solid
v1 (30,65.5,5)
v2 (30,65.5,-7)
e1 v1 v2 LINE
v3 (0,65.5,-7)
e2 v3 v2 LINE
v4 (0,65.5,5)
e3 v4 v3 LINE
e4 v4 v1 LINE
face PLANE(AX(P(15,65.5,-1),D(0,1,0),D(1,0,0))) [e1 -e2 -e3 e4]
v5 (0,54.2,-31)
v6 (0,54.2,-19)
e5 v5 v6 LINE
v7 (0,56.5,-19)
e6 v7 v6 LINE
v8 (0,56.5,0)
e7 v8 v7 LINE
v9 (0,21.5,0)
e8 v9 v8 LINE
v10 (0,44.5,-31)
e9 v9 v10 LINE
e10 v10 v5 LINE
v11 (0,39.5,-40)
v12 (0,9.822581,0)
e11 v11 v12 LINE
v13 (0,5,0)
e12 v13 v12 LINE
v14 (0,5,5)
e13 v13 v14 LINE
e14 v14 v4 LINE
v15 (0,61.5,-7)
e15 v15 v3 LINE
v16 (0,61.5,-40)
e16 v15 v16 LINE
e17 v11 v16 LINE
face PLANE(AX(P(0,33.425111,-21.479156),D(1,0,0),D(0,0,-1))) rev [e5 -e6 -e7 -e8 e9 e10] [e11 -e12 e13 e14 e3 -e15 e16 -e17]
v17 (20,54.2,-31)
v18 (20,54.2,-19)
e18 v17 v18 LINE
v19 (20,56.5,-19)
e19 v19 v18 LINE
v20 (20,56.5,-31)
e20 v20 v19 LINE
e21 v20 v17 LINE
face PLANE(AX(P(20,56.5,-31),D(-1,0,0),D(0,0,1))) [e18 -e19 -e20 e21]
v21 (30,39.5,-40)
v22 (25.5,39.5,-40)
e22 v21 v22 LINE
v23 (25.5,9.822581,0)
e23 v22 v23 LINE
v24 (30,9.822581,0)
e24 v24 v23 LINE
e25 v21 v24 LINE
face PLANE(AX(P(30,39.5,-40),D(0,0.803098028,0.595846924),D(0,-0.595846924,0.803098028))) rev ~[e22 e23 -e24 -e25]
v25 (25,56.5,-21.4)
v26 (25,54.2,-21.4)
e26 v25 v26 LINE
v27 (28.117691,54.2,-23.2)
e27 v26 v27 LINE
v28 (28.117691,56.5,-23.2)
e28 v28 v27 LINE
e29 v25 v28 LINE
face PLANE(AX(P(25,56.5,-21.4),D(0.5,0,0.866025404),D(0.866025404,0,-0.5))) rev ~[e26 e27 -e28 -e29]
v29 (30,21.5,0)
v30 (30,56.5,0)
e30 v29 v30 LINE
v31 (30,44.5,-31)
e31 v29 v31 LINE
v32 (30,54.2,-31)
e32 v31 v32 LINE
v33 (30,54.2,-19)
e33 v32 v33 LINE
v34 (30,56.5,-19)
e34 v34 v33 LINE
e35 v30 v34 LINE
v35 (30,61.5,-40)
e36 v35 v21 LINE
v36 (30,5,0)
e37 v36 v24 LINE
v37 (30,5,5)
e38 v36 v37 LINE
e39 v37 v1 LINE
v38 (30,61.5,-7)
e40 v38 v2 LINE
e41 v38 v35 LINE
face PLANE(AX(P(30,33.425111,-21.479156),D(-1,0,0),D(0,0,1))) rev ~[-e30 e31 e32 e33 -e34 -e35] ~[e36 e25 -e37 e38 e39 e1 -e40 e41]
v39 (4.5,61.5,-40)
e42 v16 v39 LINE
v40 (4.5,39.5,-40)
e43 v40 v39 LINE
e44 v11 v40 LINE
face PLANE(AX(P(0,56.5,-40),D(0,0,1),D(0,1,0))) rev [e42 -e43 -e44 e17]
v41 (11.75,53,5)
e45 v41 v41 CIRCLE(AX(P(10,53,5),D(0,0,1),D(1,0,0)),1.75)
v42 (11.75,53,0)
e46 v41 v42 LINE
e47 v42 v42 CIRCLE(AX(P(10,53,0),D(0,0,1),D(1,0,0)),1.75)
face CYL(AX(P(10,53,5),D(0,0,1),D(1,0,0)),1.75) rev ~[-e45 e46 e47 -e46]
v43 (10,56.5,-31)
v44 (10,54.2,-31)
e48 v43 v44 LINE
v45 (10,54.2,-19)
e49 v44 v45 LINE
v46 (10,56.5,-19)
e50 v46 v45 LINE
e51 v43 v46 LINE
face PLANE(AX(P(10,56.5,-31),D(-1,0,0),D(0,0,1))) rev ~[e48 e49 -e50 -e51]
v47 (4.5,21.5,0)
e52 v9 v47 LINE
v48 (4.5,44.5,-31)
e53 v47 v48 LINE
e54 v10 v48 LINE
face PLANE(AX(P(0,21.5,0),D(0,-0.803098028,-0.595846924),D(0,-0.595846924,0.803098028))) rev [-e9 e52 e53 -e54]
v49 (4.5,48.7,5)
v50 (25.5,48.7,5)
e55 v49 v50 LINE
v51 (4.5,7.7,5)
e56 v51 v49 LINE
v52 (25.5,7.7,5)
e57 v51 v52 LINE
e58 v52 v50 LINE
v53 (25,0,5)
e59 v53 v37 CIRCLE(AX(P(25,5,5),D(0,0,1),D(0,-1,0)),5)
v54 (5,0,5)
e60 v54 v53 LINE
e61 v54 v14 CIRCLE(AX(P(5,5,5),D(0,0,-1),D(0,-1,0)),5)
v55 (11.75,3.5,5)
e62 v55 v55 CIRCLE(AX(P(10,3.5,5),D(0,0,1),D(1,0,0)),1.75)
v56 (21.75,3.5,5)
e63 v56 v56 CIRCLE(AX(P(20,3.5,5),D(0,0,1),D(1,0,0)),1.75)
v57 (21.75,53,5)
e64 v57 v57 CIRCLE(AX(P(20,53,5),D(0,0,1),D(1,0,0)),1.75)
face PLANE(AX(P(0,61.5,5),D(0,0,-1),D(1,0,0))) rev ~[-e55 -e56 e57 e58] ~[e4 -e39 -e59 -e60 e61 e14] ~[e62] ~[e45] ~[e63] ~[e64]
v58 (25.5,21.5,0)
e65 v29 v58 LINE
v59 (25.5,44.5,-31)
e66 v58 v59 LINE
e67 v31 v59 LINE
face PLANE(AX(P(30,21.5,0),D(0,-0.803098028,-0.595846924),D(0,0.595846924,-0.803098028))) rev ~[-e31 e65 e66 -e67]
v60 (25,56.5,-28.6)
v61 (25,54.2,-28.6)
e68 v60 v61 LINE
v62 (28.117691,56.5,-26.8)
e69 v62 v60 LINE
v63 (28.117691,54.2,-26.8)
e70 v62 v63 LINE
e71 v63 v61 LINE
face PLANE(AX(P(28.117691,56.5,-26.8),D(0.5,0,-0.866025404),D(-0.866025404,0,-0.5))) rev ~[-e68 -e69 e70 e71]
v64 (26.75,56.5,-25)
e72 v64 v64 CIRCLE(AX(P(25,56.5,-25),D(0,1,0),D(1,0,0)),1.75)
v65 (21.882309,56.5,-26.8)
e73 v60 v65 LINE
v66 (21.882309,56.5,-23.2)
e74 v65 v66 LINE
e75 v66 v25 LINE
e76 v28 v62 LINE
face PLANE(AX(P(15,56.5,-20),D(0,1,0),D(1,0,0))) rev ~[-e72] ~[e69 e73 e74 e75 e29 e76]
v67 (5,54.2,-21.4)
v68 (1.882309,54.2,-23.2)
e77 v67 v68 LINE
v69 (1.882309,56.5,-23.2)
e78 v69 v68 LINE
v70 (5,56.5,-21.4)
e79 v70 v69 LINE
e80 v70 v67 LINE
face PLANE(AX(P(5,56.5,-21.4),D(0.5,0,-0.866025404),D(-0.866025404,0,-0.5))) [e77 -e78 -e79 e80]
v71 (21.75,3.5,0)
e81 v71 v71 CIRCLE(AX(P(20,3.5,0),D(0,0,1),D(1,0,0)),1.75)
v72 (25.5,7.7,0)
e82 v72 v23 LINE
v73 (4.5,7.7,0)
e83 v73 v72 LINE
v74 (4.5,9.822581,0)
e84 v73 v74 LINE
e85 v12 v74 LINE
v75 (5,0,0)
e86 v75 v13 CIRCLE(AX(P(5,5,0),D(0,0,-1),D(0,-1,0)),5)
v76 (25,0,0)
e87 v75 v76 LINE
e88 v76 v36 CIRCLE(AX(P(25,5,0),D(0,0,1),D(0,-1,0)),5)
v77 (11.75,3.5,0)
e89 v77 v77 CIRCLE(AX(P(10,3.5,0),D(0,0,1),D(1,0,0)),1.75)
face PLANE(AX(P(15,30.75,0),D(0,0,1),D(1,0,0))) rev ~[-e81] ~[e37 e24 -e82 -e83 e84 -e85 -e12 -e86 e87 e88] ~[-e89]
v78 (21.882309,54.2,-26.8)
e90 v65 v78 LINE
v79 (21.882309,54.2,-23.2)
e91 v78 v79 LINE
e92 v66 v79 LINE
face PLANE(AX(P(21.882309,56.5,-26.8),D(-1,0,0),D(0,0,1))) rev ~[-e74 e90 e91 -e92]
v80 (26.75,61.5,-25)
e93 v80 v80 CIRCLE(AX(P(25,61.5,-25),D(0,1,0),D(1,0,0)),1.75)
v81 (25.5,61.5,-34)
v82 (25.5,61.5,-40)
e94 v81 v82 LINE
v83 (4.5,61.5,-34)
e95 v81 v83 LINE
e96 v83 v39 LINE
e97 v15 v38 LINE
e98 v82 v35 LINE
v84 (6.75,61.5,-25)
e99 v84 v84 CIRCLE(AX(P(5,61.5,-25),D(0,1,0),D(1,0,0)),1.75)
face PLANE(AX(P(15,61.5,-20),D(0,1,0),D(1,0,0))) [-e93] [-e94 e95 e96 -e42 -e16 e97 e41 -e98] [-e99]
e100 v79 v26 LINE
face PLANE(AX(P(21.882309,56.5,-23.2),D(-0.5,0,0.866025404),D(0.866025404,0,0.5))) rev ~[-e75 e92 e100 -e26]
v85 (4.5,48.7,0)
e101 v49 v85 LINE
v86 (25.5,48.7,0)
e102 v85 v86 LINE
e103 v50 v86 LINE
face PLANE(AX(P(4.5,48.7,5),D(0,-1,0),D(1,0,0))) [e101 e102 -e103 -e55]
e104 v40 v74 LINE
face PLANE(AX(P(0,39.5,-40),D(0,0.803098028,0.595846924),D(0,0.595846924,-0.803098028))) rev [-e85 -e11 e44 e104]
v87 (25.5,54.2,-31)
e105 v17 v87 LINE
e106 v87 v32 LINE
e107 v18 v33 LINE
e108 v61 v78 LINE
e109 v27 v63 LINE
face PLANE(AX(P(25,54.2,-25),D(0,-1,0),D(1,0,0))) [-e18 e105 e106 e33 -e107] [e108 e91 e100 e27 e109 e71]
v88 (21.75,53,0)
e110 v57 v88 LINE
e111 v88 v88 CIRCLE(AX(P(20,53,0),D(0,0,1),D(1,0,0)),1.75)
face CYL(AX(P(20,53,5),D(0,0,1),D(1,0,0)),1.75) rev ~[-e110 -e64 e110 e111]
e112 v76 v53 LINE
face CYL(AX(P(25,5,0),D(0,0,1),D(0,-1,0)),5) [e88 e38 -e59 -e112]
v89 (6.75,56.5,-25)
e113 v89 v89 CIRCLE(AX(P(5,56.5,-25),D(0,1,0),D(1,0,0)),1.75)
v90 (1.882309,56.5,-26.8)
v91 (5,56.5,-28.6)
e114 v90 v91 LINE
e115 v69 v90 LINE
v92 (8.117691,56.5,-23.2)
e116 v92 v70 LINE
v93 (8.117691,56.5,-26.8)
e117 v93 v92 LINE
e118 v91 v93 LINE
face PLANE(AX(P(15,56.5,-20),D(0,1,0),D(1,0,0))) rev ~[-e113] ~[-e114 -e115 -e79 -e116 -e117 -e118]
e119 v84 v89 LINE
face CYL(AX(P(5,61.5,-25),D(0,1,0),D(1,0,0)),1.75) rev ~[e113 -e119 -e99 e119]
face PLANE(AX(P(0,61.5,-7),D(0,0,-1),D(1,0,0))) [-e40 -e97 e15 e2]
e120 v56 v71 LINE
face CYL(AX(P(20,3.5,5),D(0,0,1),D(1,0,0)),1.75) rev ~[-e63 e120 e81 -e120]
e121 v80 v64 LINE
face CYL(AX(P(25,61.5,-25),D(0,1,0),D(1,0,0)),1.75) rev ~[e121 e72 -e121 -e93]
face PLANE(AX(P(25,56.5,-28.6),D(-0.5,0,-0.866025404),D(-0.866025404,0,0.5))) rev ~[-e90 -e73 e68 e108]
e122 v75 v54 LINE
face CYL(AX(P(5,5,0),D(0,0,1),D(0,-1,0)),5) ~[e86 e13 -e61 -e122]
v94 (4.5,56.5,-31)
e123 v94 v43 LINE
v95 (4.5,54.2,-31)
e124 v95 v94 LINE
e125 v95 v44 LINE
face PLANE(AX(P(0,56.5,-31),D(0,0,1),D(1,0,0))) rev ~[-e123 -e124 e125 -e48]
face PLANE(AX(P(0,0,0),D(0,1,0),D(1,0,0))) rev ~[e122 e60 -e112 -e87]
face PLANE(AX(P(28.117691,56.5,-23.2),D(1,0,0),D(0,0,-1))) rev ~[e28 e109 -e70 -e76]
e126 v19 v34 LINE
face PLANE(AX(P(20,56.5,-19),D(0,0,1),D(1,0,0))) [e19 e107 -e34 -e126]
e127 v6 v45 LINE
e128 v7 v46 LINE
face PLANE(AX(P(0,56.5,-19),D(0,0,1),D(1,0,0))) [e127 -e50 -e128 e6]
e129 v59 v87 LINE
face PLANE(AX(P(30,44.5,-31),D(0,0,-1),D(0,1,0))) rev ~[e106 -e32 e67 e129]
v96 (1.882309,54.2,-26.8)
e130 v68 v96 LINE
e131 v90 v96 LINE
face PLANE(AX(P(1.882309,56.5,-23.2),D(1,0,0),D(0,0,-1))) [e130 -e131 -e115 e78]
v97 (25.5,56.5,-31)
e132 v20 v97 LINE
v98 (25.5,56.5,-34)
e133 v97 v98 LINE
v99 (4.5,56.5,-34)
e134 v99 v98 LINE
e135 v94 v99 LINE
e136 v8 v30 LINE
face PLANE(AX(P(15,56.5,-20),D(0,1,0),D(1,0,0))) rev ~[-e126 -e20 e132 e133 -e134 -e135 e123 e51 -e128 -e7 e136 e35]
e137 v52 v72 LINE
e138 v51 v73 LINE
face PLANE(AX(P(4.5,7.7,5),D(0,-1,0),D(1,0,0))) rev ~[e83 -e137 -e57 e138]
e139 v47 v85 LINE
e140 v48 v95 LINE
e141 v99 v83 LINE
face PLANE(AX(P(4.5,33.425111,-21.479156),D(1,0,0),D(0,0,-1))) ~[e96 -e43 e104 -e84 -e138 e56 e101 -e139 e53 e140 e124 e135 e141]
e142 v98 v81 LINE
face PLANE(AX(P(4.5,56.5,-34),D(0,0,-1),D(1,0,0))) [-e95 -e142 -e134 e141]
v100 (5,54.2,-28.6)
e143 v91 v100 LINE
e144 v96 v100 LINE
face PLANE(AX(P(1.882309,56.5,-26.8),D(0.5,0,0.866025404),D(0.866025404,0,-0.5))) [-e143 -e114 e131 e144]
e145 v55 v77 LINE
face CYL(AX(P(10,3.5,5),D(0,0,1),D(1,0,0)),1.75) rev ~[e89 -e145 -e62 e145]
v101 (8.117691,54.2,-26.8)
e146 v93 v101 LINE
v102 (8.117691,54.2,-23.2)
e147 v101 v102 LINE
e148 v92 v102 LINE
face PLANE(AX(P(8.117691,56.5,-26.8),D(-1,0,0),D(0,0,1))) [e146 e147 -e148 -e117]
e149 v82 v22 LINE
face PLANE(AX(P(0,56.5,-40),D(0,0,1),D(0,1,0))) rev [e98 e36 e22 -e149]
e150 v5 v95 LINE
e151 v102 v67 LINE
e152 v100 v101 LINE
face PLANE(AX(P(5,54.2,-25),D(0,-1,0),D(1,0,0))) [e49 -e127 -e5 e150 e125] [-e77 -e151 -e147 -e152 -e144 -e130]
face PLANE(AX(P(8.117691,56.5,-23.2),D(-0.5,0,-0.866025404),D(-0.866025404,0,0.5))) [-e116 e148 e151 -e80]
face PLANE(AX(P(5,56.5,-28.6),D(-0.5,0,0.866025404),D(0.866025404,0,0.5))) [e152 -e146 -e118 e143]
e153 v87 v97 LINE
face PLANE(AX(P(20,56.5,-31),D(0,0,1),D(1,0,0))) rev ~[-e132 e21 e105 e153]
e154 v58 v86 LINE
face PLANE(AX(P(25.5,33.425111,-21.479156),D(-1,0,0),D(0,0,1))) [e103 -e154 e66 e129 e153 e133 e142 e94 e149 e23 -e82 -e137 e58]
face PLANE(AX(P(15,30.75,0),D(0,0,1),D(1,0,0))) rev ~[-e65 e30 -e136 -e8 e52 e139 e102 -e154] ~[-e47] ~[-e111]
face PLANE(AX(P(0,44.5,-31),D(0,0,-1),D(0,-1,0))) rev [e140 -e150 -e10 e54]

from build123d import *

# Parameters (mm, degrees)
SKETCH_1_W          = 30
SKETCH_1_H          = 61.5
EXTRUDE_1_DEPTH     = 5
SKETCH_2_R          = 1.75
SKETCH_2_W          = 21
SKETCH_2_H          = 41
CUT_EXTRUDE_1_DEPTH = 6
SKETCH_3_W          = 30
SKETCH_3_H          = 40
EXTRUDE_2_DEPTH     = 5
SKETCH_4_R          = 1.75
CUT_EXTRUDE_2_DEPTH = 62.5
SKETCH_5_W          = 10
SKETCH_5_H          = 12
EXTRUDE_3_DEPTH     = 2.3
SKETCH_6_W          = 30
SKETCH_6_H          = 12
EXTRUDE_4_DEPTH     = 4
EXTRUDE_5_DEPTH     = 4.5
FILLET_1_R          = 5
SKETCH_8_W          = 21
SKETCH_8_H          = 6
CUT_EXTRUDE_3_DEPTH = 10


with BuildPart() as part:
    # ｽｹｯﾁ1 → ﾎﾞｽ - 押し出し1 (new body)
    with BuildSketch(Plane.XY):
        with Locations((15, 30.75)):
            Rectangle(SKETCH_1_W, SKETCH_1_H)
    extrude(amount=EXTRUDE_1_DEPTH)

    # ｽｹｯﾁ2 → ｶｯﾄ - 押し出し1 (cut, through all)
    with BuildSketch(Plane.XY.offset(5)):
        with Locations((10, 3.5)):
            Circle(SKETCH_2_R)
        with Locations((20, 3.5)):
            Circle(SKETCH_2_R)
        with Locations((10, 53)):
            Circle(SKETCH_2_R)
        with Locations((20, 53)):
            Circle(SKETCH_2_R)
        with Locations((15, 28.2)):
            Rectangle(SKETCH_2_W, SKETCH_2_H)
    extrude(amount=-CUT_EXTRUDE_1_DEPTH, mode=Mode.SUBTRACT)

    # ｽｹｯﾁ3 → ﾎﾞｽ - 押し出し2 (add)
    with BuildSketch(Plane(origin=(0, 61.5, 0), x_dir=(1, 0, 0), z_dir=(0, 1, 0))):
        with Locations((15, 20)):
            Rectangle(SKETCH_3_W, SKETCH_3_H)
    extrude(amount=-EXTRUDE_2_DEPTH)

    # ｽｹｯﾁ4 → ｶｯﾄ - 押し出し2 (cut, through all)
    with BuildSketch(Plane(origin=(0, 61.5, 0), x_dir=(1, 0, 0), z_dir=(0, 1, 0))):
        with Locations((5, 25)):
            Circle(SKETCH_4_R)
        with Locations((25, 25)):
            Circle(SKETCH_4_R)
    extrude(amount=-CUT_EXTRUDE_2_DEPTH, mode=Mode.SUBTRACT)

    # ｽｹｯﾁ5 → ﾎﾞｽ - 押し出し3 (add)
    with BuildSketch(Plane.XZ.offset(-56.5)):
        with Locations((5, -25)):
            Rectangle(SKETCH_5_W, SKETCH_5_H)
        Polygon((5, -28.6), (8.117691454, -26.8), (8.117691454, -23.2), (5, -21.4), (1.882308546, -23.2), (1.882308546, -26.8), align=None, mode=Mode.SUBTRACT)
        with Locations((25, -25)):
            Rectangle(SKETCH_5_W, SKETCH_5_H)
        Polygon((28.117691454, -26.8), (25, -28.6), (21.882308546, -26.8), (21.882308546, -23.2), (25, -21.4), (28.117691454, -23.2), align=None, mode=Mode.SUBTRACT)
    extrude(amount=EXTRUDE_3_DEPTH)

    # ｽｹｯﾁ6 → ﾎﾞｽ - 押し出し4 (add)
    with BuildSketch(Plane(origin=(0, 61.5, 0), x_dir=(1, 0, 0), z_dir=(0, 1, 0))):
        with Locations((15, 1)):
            Rectangle(SKETCH_6_W, SKETCH_6_H)
    extrude(amount=EXTRUDE_4_DEPTH)

    # ｽｹｯﾁ7 → ﾎﾞｽ - 押し出し5 (add)
    with BuildSketch(Plane(origin=(30, 0, 0), x_dir=(0, 0, -1), z_dir=(1, 0, 0))):
        Polygon((40, 56.5), (40, 39.5), (0, 9.822580645), (0, 21.5), (31, 44.5), (31, 56.5), align=None)
    extrude_5 = extrude(amount=-EXTRUDE_5_DEPTH)

    # ﾐﾗｰ1: ﾎﾞｽ - 押し出し5 across plane
    add(extrude_5.mirror(Plane.ZY.offset(-15)))

    # ﾌｨﾚｯﾄ1
    fillet_1_edges = [part.edges().sort_by_distance(p)[0] for p in [
        (30, 0, 2.5),
        (0, 0, 2.5),
    ]]
    fillet(fillet_1_edges, radius=FILLET_1_R)

    # ｽｹｯﾁ8 → ｶｯﾄ - 押し出し3 (cut, through all)
    with BuildSketch(Plane.XZ.offset(-56.5)):
        with Locations((15, -37)):
            Rectangle(SKETCH_8_W, SKETCH_8_H)
    extrude(amount=-CUT_EXTRUDE_3_DEPTH, mode=Mode.SUBTRACT)


solid = part.part
